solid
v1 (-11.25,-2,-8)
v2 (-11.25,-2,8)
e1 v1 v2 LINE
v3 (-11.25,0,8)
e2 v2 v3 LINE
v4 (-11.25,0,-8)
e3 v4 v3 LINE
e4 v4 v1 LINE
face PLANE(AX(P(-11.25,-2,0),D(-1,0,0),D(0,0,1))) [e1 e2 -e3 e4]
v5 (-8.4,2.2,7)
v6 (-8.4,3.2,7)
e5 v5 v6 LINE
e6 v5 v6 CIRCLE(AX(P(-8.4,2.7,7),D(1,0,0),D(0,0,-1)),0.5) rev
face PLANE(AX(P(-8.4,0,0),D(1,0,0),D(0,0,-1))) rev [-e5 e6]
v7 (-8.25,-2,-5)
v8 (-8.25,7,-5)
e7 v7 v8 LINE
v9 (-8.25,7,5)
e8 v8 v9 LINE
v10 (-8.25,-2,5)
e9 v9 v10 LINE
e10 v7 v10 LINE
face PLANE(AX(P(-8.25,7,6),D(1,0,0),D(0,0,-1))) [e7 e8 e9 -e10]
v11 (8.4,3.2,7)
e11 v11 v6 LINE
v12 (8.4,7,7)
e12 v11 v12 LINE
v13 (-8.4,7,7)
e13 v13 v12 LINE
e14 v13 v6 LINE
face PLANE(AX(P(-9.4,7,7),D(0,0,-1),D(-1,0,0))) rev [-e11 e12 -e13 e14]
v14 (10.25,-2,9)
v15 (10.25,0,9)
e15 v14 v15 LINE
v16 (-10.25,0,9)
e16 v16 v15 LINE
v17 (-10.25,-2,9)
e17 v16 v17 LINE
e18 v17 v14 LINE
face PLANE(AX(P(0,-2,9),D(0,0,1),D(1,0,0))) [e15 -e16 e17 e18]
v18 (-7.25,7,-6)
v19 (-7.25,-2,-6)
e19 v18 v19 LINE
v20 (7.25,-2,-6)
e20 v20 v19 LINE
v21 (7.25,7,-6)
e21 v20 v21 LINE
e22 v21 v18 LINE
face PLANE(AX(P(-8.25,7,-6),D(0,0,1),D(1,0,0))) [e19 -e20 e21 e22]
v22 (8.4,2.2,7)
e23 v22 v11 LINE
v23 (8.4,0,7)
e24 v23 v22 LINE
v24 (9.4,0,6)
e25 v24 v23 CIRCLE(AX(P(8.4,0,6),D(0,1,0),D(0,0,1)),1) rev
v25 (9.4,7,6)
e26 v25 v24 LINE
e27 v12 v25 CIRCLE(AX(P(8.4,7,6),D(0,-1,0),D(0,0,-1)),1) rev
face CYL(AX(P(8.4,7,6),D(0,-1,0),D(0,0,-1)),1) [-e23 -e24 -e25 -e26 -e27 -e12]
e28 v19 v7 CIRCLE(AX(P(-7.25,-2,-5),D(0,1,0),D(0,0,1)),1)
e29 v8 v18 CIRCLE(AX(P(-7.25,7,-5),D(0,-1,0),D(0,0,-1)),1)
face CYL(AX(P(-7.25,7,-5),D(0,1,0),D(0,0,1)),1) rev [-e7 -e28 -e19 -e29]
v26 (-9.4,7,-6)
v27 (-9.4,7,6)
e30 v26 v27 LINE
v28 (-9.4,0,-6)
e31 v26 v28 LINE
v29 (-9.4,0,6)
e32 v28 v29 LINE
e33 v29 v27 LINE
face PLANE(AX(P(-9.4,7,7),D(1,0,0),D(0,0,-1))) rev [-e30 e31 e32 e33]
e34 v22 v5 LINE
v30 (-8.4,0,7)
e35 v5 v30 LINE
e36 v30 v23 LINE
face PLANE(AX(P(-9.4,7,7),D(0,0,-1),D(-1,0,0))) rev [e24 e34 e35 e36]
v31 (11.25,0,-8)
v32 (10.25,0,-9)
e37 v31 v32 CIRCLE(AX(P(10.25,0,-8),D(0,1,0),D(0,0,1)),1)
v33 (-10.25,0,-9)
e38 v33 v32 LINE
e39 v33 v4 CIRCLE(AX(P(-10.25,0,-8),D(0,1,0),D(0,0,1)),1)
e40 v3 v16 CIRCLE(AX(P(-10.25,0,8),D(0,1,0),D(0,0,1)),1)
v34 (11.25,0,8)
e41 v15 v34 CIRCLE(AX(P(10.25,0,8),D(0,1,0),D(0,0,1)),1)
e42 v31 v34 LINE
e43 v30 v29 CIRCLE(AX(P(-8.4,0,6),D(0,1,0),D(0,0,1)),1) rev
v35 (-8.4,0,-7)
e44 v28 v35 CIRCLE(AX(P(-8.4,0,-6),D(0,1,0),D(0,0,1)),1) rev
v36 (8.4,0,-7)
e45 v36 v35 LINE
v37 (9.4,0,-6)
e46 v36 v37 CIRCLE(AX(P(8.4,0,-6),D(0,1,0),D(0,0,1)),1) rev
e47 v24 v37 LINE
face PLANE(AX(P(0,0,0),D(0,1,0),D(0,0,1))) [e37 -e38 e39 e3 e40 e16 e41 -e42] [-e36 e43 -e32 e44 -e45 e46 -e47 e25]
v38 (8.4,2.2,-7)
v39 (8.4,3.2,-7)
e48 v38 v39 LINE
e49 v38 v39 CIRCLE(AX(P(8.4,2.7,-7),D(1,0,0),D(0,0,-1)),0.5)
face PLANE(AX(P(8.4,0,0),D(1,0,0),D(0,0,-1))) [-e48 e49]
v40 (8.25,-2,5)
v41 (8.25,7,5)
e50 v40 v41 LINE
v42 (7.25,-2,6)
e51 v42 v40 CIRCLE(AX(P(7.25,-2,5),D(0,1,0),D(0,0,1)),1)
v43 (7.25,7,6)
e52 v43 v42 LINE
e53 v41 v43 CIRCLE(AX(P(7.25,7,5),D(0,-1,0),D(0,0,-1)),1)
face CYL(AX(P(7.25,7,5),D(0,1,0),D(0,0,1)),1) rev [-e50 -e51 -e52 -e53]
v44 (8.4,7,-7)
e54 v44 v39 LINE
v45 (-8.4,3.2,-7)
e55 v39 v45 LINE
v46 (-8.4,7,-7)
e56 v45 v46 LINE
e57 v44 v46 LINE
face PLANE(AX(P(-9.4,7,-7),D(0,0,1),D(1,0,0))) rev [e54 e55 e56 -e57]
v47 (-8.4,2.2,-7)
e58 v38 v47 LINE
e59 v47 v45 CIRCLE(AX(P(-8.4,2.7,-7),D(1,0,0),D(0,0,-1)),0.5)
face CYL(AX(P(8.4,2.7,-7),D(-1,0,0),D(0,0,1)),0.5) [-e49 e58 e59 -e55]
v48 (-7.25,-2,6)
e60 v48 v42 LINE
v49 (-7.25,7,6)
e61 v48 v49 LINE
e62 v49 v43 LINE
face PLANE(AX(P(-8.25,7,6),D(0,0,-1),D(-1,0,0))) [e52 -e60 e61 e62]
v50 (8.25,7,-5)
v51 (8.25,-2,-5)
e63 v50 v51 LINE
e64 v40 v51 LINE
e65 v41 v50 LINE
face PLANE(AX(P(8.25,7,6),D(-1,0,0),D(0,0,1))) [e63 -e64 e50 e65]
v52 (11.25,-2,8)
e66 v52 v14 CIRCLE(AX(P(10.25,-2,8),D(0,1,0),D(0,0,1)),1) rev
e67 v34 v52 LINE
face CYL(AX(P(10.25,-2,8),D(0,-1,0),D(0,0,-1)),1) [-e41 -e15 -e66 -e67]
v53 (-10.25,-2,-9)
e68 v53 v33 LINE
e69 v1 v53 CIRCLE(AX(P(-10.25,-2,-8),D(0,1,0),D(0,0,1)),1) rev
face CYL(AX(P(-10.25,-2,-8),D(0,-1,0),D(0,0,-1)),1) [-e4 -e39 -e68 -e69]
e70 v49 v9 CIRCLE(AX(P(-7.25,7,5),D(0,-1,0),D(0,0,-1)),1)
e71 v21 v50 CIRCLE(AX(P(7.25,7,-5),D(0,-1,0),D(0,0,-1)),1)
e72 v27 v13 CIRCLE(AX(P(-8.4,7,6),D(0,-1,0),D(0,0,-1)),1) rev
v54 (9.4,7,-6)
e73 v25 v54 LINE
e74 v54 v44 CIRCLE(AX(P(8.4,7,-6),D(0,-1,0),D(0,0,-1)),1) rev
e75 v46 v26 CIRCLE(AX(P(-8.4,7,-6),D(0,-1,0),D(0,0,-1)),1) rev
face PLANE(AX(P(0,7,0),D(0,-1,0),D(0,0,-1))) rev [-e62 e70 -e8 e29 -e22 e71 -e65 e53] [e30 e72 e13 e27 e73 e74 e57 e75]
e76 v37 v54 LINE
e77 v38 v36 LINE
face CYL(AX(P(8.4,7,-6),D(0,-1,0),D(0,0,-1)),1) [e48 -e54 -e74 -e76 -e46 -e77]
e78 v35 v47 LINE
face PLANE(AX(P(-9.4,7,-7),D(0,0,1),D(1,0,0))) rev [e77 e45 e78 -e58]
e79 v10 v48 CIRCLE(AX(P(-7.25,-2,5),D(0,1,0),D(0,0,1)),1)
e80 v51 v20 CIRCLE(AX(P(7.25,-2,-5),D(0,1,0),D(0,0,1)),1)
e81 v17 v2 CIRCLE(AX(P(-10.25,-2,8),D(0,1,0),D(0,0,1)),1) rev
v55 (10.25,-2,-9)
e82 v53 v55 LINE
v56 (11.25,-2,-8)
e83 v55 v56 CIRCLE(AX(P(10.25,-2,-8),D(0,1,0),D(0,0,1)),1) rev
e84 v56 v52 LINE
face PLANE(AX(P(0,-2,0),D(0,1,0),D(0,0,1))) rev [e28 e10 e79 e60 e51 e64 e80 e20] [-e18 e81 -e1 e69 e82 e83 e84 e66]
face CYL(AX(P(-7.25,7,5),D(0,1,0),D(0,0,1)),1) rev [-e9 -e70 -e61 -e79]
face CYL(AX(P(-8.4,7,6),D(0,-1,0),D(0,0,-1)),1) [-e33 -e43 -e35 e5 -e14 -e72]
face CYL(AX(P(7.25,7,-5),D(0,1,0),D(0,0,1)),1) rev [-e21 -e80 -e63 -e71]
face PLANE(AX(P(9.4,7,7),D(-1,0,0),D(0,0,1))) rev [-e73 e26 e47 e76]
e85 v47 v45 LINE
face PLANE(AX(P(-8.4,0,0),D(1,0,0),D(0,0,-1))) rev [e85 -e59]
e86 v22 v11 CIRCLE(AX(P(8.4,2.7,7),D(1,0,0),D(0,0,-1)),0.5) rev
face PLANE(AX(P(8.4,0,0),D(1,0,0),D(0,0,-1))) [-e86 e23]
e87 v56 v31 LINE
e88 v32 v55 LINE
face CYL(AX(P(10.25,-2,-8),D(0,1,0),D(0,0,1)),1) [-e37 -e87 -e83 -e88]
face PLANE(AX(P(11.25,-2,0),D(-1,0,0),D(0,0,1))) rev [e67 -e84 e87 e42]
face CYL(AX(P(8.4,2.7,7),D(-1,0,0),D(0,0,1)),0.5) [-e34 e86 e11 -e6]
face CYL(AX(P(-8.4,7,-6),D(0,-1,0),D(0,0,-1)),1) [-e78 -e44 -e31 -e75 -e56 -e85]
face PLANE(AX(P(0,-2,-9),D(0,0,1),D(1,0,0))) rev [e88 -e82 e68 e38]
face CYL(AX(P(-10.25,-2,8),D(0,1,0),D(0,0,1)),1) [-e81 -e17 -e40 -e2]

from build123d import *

# Parameters (mm, degrees)
SKETCH1_W           = 18.8
SKETCH1_H           = 14
SKETCH1_W_2         = 16.5
SKETCH1_H_2         = 12
BOSS_EXTRUDE1_DEPTH = 7
SKETCH2_W           = 22.5
SKETCH2_H           = 18
SKETCH2_W_2         = 18.8
SKETCH2_H_2         = 14
SKETCH2_W_3         = 16.5
SKETCH2_H_3         = 12
BOSS_EXTRUDE2_DEPTH = 2
FILLET2_R           = 1
BOSS_EXTRUDE6_DEPTH = 16.8


with BuildPart() as part:
    # Sketch1 → Boss-Extrude1 (new body)
    with BuildSketch(Plane(origin=(0, 0, 0), x_dir=(1, 0, 0), z_dir=(0, 1, 0))):
        Rectangle(SKETCH1_W, SKETCH1_H)
        Rectangle(SKETCH1_W_2, SKETCH1_H_2, mode=Mode.SUBTRACT)
    extrude(amount=BOSS_EXTRUDE1_DEPTH)

    # Sketch2 → Boss-Extrude2 (add)
    # profile 1 of 2: a face of its own
    with BuildSketch(Plane(origin=(0, 0, 0), x_dir=(1, 0, 0), z_dir=(0, 1, 0))):
        Rectangle(SKETCH2_W, SKETCH2_H)
        Rectangle(SKETCH2_W_2, SKETCH2_H_2, mode=Mode.SUBTRACT)
    # profile 2 of 2: a face of its own
    with BuildSketch(Plane(origin=(0, 0, 0), x_dir=(1, 0, 0), z_dir=(0, 1, 0))):
        Rectangle(SKETCH2_W_2, SKETCH2_H_2)
        Rectangle(SKETCH2_W_3, SKETCH2_H_3, mode=Mode.SUBTRACT)
    extrude(amount=-BOSS_EXTRUDE2_DEPTH)

    # Fillet2
    fillet2_edges = [part.edges().sort_by_distance(p)[0] for p in [
        (8.25, 2.5, 6),
        (8.25, 2.5, -6),
        (-8.25, 2.5, -6),
        (-8.25, 2.5, 6),
        (11.25, -1, -9),
        (11.25, -1, 9),
        (-11.25, -1, 9),
        (-11.25, -1, -9),
        (9.4, 3.5, 7),
        (-9.4, 3.5, 7),
        (-9.4, 3.5, -7),
        (9.4, 3.5, -7),
    ]]
    fillet(fillet2_edges, radius=FILLET2_R)

    # Sketch7 → Boss-Extrude6 (add)
    with BuildSketch(Plane(origin=(-8.4, 0, 0), x_dir=(0, 0, -1), z_dir=(1, 0, 0))):
        with BuildLine():
            ThreePointArc((7, 3.2), (6.5, 2.7), (7, 2.2))
            Line((7, 2.2), (7, 3.2))
        make_face()
        with BuildLine():
            Line((7, 3.2), (7, 2.2))
            ThreePointArc((7, 2.2), (7.353553391, 2.346446609), (7.5, 2.7))
            ThreePointArc((7.5, 2.7), (7.353553391, 3.053553391), (7, 3.2))
        make_face()
        with BuildLine():
            ThreePointArc((-7, 3.2), (-7.5, 2.7), (-7, 2.2))
            Line((-7, 2.2), (-7, 3.2))
        make_face()
        with BuildLine():
            Line((-7, 3.2), (-7, 2.2))
            ThreePointArc((-7, 2.2), (-6.646446609, 2.346446609), (-6.5, 2.7))
            ThreePointArc((-6.5, 2.7), (-6.646446609, 3.053553391), (-7, 3.2))
        make_face()
    extrude(amount=BOSS_EXTRUDE6_DEPTH)


solid = part.part
